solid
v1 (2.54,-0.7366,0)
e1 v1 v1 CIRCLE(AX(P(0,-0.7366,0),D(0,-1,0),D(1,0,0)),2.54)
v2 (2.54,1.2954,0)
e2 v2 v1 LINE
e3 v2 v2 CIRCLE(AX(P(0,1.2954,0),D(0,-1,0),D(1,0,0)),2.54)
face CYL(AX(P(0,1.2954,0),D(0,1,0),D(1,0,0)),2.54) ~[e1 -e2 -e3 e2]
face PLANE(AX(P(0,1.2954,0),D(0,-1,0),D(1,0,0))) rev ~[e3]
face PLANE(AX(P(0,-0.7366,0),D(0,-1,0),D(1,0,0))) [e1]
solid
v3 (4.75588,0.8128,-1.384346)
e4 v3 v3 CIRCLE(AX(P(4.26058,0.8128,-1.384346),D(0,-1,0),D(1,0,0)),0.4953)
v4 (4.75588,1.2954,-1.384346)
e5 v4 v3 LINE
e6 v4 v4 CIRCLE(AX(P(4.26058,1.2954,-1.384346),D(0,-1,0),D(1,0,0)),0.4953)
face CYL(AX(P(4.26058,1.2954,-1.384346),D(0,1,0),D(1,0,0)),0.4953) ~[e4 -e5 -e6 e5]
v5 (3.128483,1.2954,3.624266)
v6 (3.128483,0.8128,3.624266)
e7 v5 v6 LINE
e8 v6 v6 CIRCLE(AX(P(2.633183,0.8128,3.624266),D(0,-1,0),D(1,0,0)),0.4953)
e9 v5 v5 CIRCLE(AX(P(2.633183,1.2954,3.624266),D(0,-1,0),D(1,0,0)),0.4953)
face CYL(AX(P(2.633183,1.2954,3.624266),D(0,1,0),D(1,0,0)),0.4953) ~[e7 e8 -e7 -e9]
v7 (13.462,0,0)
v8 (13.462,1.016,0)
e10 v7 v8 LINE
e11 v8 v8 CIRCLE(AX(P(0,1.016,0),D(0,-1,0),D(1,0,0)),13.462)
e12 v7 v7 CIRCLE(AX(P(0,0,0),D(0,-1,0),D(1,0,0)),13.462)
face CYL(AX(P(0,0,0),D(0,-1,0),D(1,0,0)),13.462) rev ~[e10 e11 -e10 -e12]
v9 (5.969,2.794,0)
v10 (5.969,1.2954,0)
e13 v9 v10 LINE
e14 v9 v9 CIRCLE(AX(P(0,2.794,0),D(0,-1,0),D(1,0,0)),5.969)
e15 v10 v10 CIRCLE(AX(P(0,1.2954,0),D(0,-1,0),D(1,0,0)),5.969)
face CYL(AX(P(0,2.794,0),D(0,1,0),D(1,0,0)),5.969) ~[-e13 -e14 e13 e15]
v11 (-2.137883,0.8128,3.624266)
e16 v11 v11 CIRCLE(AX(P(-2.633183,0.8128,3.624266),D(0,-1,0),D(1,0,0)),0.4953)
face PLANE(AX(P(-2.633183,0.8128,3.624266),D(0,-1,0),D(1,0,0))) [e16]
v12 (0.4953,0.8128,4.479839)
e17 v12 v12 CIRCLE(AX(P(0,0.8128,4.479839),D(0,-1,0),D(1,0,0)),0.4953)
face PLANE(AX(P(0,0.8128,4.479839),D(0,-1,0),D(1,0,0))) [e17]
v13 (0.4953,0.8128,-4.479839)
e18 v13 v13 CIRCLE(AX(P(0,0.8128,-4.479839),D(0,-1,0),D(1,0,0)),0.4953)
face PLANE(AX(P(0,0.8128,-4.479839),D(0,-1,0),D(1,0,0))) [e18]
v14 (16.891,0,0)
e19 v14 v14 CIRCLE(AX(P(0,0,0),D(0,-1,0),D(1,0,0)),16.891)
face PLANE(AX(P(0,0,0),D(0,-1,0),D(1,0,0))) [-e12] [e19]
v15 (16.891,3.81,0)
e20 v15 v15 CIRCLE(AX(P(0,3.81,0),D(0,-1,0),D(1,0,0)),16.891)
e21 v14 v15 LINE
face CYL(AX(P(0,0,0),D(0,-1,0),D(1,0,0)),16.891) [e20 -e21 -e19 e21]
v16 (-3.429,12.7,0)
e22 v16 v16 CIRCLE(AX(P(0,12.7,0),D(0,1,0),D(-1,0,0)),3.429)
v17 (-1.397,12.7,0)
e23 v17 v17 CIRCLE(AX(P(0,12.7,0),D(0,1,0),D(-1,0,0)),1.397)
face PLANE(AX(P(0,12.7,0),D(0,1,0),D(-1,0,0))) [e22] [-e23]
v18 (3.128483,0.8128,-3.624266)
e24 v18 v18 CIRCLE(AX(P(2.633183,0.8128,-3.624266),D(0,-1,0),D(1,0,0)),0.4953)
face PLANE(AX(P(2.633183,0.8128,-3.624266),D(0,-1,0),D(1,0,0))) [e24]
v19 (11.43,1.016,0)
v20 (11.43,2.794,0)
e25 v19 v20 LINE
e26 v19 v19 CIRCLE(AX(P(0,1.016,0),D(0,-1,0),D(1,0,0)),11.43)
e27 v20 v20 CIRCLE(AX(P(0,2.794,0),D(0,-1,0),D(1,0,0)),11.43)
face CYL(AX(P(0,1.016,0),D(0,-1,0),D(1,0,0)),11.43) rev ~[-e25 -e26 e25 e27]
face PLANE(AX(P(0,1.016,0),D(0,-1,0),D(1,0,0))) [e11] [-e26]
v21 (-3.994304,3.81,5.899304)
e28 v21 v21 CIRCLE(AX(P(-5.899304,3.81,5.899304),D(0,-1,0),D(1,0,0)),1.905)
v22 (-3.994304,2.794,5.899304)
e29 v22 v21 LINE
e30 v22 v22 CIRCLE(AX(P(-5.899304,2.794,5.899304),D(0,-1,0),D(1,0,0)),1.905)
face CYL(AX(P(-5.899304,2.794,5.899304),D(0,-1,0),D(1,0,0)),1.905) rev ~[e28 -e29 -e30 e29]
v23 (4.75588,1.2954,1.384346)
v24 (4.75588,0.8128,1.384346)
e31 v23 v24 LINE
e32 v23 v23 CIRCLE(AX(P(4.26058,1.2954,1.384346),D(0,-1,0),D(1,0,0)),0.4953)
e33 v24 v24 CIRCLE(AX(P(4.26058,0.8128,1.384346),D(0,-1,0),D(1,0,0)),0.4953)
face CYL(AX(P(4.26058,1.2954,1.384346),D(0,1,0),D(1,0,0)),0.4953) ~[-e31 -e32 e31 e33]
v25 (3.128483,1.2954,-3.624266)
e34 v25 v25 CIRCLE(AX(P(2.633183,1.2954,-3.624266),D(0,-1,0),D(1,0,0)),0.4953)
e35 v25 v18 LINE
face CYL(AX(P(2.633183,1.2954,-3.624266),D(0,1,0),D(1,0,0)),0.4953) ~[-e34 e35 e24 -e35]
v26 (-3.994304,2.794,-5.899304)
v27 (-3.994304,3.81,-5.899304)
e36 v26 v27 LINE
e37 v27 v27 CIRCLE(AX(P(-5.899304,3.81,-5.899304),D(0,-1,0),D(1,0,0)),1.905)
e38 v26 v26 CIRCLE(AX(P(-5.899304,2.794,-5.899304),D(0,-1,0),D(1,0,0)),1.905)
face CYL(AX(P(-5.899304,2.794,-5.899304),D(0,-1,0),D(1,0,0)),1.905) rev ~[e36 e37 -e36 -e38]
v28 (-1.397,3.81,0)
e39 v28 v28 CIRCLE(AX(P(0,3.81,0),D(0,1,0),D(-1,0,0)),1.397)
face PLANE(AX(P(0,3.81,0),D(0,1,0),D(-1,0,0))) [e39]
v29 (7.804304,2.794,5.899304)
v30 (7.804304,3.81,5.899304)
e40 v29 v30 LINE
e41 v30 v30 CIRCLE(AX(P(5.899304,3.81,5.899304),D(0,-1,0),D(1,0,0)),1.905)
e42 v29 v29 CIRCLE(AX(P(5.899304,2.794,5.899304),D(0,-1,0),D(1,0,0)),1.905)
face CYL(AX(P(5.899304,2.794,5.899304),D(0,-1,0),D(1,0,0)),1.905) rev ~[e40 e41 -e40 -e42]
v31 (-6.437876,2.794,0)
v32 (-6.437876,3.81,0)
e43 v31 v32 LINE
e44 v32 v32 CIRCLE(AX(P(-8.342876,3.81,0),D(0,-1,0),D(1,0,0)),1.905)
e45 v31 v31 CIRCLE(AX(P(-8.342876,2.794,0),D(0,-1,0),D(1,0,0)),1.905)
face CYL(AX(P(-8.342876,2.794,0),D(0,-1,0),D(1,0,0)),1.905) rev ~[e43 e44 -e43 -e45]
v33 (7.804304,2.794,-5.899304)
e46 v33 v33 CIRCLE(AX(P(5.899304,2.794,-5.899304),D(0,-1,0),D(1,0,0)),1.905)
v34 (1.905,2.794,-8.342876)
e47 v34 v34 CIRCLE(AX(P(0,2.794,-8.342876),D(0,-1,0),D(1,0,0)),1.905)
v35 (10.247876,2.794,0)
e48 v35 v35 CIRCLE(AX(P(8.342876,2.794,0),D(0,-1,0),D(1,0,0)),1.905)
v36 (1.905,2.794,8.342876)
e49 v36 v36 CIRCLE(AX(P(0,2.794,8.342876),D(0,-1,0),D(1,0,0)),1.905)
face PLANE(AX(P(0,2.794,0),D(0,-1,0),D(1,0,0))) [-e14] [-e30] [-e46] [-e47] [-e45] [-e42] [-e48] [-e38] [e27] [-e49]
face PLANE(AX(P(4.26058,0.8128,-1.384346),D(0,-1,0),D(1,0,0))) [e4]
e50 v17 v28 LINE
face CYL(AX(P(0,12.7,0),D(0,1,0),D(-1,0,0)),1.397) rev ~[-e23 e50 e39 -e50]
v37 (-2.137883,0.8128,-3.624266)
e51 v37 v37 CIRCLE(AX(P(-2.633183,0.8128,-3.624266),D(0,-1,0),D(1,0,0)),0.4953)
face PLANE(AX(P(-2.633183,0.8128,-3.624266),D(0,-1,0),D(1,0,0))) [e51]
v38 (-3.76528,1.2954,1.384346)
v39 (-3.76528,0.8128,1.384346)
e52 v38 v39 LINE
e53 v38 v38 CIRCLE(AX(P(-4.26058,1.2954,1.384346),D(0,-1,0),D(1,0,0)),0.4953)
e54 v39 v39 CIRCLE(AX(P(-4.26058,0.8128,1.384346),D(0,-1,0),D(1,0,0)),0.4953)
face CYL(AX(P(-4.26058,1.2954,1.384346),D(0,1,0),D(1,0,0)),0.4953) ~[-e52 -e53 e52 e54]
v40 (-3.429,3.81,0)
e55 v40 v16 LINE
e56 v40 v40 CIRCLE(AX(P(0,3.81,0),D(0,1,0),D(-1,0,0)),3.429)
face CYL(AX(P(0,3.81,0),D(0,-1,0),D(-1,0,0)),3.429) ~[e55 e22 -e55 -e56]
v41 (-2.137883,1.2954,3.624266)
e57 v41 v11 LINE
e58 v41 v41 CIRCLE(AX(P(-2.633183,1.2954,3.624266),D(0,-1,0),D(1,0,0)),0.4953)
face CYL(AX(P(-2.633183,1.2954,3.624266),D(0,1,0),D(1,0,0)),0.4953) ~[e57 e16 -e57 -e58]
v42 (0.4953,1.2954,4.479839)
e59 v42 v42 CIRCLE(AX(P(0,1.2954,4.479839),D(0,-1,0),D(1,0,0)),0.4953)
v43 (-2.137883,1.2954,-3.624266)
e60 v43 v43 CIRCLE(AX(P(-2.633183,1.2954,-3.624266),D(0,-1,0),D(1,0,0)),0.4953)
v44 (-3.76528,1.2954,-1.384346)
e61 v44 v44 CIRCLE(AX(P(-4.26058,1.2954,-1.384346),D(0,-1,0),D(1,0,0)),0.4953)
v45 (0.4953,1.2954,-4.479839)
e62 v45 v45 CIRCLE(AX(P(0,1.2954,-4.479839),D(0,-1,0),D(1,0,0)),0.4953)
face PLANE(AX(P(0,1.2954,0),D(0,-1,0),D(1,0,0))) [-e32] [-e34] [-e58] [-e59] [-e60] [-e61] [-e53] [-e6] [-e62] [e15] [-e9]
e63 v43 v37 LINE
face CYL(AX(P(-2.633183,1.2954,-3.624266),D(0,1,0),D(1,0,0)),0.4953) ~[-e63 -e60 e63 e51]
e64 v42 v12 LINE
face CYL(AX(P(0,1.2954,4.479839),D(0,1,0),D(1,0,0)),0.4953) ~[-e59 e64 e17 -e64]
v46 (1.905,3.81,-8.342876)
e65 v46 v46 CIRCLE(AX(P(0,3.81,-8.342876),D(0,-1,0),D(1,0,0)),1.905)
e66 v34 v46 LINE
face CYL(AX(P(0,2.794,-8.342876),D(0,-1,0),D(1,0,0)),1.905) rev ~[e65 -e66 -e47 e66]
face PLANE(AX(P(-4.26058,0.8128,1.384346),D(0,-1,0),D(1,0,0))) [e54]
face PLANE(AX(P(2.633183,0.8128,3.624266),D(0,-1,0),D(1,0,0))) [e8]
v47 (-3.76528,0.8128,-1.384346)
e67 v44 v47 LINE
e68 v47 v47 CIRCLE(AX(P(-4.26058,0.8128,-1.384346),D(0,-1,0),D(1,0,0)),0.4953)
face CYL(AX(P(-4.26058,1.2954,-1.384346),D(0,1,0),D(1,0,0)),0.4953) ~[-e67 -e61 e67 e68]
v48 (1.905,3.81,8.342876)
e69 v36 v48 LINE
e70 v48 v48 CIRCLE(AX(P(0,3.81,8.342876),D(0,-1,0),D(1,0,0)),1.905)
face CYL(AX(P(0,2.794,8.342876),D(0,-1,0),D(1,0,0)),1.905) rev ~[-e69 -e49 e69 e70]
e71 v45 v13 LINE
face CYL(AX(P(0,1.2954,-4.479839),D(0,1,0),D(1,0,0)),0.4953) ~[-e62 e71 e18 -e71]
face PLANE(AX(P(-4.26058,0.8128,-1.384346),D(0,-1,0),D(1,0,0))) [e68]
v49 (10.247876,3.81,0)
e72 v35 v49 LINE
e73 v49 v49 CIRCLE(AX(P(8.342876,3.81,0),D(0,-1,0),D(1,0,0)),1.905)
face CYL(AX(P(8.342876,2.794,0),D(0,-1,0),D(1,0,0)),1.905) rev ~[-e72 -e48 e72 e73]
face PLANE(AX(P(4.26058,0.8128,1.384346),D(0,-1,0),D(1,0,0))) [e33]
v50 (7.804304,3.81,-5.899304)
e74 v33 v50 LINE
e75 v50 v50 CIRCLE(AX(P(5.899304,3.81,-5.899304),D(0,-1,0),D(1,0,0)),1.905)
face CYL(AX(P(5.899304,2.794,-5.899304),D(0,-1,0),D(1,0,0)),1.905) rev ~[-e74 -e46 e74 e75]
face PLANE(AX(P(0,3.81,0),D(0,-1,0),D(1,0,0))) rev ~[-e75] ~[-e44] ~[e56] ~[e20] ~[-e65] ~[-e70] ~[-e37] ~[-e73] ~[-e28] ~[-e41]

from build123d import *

# Parameters (mm, degrees)
F0_R      = 16.891
F1_DEPTH  = 3.81
F2_R      = 13.462
F3_DEPTH  = 1.016
F4_R      = 11.43
F5_DEPTH  = 1.778
F6_R      = 1.905
F7_DEPTH  = 1.9812
F8_R      = 5.969
F9_DEPTH  = 1.4986
F10_R     = 0.4953
F11_DEPTH = 0.4826
F12_R     = 2.54
F13_DEPTH = 2.032
F14_R     = 3.429
F15_DEPTH = 8.89
F16_R     = 1.397
F17_DEPTH = 8.89


with BuildPart() as f1:
    # F0 (on Front) → F1 (new body)
    with BuildSketch(Plane.XZ):
        Circle(F0_R)
    extrude(amount=-F1_DEPTH)

    # F2 (on face) → F3 (cut)
    with BuildSketch(Plane.XZ):
        Circle(F2_R)
    extrude(amount=-F3_DEPTH, mode=Mode.SUBTRACT)

    # F4 (on face) → F5 (cut)
    with BuildSketch(Plane.XZ.offset(-1.016)):
        Circle(F4_R)
    extrude(amount=-F5_DEPTH, mode=Mode.SUBTRACT)

    # F6 (on face) → F7 (cut)
    with BuildSketch(Plane.XZ.offset(-2.794)):
        with Locations((-5.899304, 5.899304)):
            Circle(F6_R)
        with Locations((0, 8.342876)):
            Circle(F6_R)
        with Locations((5.899304, 5.899304)):
            Circle(F6_R)
        with Locations((8.342876, 0)):
            Circle(F6_R)
        with Locations((5.899304, -5.899304)):
            Circle(F6_R)
        with Locations((0, -8.342876)):
            Circle(F6_R)
        with Locations((-5.899304, -5.899304)):
            Circle(F6_R)
        with Locations((-8.342876, 0)):
            Circle(F6_R)
    extrude(amount=-F7_DEPTH, mode=Mode.SUBTRACT)

    # F8 (on face) → F9 (join)
    with BuildSketch(Plane.XZ.offset(-2.794)):
        Circle(F8_R)
    extrude(amount=F9_DEPTH)

    # F10 (on face) → F11 (join)
    with BuildSketch(Plane.XZ.offset(-1.2954)):
        with Locations((-2.633183, 3.624266)):
            Circle(F10_R)
        with Locations((0, 4.479839)):
            Circle(F10_R)
        with Locations((2.633183, 3.624266)):
            Circle(F10_R)
        with Locations((4.26058, 1.384346)):
            Circle(F10_R)
        with Locations((4.26058, -1.384346)):
            Circle(F10_R)
        with Locations((2.633183, -3.624266)):
            Circle(F10_R)
        with Locations((0, -4.479839)):
            Circle(F10_R)
        with Locations((-2.633183, -3.624266)):
            Circle(F10_R)
        with Locations((-4.26058, -1.384346)):
            Circle(F10_R)
        with Locations((-4.26058, 1.384346)):
            Circle(F10_R)
    extrude(amount=F11_DEPTH)

    # F14 (on face) → F15 (join)
    with BuildSketch(Plane(origin=(0, 3.81, 0), x_dir=(-1, 0, 0), z_dir=(0, 1, 0))):
        Circle(F14_R)
    extrude(amount=F15_DEPTH)

    # F16 (on face) → F17 (cut)
    with BuildSketch(Plane(origin=(0, 12.7, 0), x_dir=(-1, 0, 0), z_dir=(0, 1, 0))):
        Circle(F16_R)
    extrude(amount=-F17_DEPTH, mode=Mode.SUBTRACT)


with BuildPart() as f13:
    # F12 (on face) → F13 (new body)
    with BuildSketch(Plane.XZ.offset(-1.2954)):
        Circle(F12_R)
    extrude(amount=F13_DEPTH)


solid = Compound([f1.part, f13.part])
